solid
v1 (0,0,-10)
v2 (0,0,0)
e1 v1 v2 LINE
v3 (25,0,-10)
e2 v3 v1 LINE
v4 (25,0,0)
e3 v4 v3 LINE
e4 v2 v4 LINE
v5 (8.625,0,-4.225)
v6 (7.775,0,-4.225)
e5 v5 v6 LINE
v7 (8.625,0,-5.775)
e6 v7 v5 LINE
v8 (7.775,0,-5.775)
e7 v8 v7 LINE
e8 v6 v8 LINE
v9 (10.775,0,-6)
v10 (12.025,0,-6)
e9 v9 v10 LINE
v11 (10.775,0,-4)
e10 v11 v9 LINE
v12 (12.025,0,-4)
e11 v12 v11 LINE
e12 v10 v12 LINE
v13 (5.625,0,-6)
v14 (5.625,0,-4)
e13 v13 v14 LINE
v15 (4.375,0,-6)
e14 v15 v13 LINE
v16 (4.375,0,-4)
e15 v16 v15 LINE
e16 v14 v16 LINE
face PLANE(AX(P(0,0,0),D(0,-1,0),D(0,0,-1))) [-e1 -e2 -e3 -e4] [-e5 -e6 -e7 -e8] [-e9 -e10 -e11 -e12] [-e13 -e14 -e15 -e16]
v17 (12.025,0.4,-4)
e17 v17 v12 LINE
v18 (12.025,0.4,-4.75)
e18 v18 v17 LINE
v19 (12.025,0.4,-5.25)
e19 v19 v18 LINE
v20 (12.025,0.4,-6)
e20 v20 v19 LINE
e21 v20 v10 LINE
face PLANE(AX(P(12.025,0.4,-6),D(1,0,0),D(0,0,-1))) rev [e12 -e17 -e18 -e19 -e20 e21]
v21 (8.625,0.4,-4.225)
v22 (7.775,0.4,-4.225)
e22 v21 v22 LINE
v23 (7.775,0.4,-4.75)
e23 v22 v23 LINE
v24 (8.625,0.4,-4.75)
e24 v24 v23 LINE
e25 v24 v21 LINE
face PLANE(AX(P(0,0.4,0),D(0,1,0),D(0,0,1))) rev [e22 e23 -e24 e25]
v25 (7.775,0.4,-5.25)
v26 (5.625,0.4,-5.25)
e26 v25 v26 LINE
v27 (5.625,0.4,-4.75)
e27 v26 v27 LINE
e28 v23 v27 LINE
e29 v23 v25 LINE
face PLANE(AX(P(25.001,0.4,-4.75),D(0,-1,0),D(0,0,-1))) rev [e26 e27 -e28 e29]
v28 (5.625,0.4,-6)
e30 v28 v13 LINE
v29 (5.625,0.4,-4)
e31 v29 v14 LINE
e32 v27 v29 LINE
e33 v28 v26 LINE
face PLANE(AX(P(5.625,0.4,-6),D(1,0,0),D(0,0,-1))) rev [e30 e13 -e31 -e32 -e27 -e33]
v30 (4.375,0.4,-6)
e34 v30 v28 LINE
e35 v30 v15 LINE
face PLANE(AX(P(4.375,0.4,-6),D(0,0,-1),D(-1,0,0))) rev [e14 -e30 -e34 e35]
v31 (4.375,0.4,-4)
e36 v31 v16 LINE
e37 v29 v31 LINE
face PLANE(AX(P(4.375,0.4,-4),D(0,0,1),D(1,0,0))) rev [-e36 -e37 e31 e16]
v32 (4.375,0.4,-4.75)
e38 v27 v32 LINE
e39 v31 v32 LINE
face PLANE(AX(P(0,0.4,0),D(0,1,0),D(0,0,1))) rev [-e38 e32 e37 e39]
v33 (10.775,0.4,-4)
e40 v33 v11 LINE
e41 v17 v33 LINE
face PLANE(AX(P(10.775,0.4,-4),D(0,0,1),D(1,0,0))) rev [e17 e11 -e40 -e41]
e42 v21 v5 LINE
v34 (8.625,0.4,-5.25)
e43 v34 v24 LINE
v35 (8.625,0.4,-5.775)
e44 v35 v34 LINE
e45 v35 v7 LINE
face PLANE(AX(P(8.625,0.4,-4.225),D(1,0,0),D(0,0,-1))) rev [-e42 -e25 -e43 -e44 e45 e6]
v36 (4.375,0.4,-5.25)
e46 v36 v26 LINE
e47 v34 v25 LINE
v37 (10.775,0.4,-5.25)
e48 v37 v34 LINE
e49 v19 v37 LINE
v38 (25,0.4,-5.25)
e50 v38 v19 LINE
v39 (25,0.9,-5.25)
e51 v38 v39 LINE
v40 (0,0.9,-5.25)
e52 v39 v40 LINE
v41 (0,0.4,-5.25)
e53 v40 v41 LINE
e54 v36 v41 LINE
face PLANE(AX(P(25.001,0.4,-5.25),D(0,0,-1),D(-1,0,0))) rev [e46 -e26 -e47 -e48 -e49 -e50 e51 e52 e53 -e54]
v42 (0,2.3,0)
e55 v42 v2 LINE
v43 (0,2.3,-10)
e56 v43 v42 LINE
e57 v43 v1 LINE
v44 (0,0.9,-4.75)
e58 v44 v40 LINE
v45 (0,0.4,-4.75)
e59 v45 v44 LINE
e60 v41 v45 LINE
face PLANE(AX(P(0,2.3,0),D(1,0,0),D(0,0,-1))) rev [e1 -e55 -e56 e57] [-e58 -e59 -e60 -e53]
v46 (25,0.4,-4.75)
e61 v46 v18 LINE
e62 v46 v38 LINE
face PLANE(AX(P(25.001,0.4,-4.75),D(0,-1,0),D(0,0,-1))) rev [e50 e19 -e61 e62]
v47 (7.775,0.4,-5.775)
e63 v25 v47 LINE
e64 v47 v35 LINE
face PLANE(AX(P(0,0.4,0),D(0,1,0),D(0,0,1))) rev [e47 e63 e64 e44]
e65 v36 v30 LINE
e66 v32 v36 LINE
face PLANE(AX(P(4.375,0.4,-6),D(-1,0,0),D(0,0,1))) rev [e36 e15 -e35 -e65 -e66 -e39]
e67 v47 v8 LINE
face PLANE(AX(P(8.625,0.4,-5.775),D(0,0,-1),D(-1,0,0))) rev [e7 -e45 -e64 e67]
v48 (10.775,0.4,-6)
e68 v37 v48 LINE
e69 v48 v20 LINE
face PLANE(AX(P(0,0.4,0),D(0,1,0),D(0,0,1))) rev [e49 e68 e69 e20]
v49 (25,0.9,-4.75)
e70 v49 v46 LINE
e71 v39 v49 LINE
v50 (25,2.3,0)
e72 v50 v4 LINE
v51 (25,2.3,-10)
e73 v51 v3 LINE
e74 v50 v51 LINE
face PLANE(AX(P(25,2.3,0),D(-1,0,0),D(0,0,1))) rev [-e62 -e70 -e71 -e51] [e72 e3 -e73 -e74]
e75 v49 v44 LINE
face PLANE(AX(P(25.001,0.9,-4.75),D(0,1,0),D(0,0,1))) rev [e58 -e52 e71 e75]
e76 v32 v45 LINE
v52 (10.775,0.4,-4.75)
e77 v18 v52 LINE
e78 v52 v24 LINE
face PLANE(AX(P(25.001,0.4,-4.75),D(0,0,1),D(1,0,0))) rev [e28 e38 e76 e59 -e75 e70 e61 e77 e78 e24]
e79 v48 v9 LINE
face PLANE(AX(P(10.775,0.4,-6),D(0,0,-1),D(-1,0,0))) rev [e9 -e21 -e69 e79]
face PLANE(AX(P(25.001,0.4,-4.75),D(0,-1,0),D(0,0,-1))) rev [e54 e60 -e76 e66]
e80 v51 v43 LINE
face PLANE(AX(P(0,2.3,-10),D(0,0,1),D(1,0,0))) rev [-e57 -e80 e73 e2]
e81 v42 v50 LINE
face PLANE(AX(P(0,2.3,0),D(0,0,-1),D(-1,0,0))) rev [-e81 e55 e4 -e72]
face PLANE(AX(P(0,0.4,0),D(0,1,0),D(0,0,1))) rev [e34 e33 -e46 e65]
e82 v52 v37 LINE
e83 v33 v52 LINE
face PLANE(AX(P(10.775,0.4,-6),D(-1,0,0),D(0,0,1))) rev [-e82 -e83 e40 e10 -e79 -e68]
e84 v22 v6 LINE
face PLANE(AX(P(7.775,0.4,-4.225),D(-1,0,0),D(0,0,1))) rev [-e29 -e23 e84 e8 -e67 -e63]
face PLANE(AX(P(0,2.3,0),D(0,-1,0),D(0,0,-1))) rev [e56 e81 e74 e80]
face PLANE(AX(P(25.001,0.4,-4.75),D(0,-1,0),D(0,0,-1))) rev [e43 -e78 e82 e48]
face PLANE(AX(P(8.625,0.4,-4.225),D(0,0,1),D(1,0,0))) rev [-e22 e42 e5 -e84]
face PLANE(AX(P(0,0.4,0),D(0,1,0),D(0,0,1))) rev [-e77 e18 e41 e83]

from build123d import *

# Parameters (mm, degrees)
SKETCH1_W           = 25
SKETCH1_H           = 10
BOSS_EXTRUDE1_DEPTH = 2.3
SKETCH2_W           = 0.85
SKETCH2_H           = 1.55
CUT_EXTRUDE1_DEPTH  = 0.4
CUT_EXTRUDE2_REACH  = 27
SKETCH3_W           = 0.5
SKETCH3_H           = 0.5
SKETCH7_W           = 1.25
SKETCH7_H           = 2
CUT_EXTRUDE4_DEPTH  = 0.4


with BuildPart() as part:
    # Sketch1 → Boss-Extrude1 (new body)
    with BuildSketch(Plane(origin=(0, 0, 0), x_dir=(1, 0, 0), z_dir=(0, 1, 0))):
        with Locations((12.5, 5)):
            Rectangle(SKETCH1_W, SKETCH1_H)
    extrude(amount=BOSS_EXTRUDE1_DEPTH)

    # Sketch2 → Cut-Extrude1 (cut)
    with BuildSketch(Plane.XZ):
        with Locations((8.2, -5)):
            Rectangle(SKETCH2_W, SKETCH2_H)
    extrude(amount=-CUT_EXTRUDE1_DEPTH, mode=Mode.SUBTRACT)

    # Sketch3 → Cut-Extrude2 (cut, up to next)
    with BuildSketch(Plane.ZY, mode=Mode.PRIVATE) as cut_extrude2_sk1:
        with Locations((-5, 0.65)):
            Rectangle(SKETCH3_W, SKETCH3_H)
    cut_extrude2_tool1 = extrude(cut_extrude2_sk1.sketch, amount=-CUT_EXTRUDE2_REACH, mode=Mode.PRIVATE) & part.part
    add(cut_extrude2_tool1.solids().sort_by_distance((0, 0.65, -5))[0], mode=Mode.SUBTRACT)

    # Sketch7 → Cut-Extrude4 (cut)
    with BuildSketch(Plane.XZ):
        with Locations((5, -5)):
            Rectangle(SKETCH7_W, SKETCH7_H)
        with Locations((11.4, -5)):
            Rectangle(SKETCH7_W, SKETCH7_H)
    extrude(amount=-CUT_EXTRUDE4_DEPTH, mode=Mode.SUBTRACT)


solid = part.part
